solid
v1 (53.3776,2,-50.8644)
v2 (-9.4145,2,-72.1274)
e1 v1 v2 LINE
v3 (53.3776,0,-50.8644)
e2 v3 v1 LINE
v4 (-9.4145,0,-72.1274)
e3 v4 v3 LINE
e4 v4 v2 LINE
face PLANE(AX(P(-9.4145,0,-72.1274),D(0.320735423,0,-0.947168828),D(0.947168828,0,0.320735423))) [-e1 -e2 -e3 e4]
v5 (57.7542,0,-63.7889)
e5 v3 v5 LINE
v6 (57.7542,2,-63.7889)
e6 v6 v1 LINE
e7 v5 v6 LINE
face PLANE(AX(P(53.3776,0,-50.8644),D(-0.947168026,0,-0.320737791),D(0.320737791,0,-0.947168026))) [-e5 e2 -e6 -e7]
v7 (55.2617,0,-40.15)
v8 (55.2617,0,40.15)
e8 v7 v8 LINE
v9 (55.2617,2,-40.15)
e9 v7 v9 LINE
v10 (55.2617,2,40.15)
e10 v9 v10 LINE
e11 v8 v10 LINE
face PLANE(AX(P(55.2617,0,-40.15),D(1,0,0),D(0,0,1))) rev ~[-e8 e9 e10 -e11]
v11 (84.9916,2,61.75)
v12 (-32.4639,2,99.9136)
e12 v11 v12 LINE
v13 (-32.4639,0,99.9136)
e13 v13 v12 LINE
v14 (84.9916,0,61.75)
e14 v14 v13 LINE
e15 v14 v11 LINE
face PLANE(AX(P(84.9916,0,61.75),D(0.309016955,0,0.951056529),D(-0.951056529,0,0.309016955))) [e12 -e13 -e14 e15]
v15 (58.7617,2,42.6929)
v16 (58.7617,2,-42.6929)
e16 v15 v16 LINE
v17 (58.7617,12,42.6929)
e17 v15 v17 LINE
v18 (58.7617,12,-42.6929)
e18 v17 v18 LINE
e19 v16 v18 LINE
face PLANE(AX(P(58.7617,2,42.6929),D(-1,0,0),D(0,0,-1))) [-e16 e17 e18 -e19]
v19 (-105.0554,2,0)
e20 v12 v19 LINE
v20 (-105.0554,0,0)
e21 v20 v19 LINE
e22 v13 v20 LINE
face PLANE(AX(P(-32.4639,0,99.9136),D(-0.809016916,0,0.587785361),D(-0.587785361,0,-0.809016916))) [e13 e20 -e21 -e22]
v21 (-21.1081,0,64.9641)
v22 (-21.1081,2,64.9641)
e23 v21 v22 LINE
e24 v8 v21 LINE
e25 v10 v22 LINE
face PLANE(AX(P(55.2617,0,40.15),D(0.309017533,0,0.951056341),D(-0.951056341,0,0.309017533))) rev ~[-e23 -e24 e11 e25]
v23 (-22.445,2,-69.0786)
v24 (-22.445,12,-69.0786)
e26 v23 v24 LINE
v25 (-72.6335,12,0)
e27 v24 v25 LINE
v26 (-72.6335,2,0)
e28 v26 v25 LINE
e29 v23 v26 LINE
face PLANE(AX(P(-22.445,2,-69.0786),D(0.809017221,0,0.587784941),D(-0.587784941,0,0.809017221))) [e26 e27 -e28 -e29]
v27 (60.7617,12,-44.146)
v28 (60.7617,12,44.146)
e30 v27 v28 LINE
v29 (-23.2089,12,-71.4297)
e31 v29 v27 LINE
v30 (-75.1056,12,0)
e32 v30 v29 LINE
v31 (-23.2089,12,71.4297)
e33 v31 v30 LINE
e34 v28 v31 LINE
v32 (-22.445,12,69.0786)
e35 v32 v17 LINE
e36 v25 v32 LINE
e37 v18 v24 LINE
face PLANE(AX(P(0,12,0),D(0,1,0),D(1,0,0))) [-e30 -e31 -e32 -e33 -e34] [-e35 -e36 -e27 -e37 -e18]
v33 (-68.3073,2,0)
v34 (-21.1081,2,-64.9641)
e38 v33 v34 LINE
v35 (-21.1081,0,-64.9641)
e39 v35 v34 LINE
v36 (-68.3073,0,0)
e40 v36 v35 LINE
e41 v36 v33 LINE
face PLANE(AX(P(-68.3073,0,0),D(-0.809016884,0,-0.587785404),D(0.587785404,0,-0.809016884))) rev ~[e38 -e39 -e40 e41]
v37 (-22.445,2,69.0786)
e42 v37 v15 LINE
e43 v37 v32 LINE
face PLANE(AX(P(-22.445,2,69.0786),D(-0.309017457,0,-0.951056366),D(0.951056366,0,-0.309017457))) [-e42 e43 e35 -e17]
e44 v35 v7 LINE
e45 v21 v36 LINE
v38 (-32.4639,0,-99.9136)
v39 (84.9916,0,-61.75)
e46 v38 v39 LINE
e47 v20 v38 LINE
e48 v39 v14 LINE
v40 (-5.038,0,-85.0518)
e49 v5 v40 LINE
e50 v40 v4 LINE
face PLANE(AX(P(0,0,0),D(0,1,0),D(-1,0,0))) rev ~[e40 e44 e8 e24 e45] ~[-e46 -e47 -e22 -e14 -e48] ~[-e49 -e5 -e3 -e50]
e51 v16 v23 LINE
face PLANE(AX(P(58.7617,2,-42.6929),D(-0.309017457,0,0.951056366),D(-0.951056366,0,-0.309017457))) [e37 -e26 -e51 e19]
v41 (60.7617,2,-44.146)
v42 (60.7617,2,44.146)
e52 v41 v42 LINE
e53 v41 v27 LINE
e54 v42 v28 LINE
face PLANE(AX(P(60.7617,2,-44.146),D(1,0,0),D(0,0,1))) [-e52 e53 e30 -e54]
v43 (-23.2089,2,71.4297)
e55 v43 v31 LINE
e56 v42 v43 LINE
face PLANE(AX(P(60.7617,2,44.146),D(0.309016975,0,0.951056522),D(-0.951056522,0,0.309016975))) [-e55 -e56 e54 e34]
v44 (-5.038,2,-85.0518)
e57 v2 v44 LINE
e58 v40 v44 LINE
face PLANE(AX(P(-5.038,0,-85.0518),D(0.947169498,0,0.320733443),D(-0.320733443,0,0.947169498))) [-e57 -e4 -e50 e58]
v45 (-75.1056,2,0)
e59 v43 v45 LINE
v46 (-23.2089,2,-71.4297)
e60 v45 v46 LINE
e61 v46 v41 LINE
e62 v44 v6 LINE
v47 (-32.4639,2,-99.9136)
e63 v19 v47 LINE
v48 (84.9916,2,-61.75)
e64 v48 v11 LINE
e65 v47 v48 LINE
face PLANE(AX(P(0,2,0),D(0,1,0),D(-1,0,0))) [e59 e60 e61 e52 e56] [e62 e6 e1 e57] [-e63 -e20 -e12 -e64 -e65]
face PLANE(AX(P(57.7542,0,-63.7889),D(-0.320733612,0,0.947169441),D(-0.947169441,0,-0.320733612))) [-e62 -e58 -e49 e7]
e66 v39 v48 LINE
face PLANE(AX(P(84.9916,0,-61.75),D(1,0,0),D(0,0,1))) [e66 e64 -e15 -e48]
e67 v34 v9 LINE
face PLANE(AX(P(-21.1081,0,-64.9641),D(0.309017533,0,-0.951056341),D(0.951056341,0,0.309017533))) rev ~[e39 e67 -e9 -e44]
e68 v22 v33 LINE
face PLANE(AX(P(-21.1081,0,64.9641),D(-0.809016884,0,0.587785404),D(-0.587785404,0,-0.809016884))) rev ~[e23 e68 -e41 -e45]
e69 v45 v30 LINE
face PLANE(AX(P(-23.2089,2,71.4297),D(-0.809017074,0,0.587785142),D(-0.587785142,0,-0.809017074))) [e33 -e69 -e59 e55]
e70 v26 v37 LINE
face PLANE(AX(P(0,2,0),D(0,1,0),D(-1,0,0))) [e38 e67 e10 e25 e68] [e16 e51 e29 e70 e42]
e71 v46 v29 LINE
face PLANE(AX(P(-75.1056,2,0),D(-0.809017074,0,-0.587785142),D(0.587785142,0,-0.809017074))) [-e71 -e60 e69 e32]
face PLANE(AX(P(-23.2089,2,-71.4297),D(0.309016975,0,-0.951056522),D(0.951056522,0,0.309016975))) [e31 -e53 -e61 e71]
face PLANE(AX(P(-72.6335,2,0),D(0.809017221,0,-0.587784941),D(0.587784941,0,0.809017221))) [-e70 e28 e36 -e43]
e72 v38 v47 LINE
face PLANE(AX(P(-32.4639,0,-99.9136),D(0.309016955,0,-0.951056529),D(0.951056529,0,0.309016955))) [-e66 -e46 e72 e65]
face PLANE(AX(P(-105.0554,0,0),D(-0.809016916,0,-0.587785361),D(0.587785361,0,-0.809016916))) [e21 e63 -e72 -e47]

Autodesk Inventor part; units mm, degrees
ref_plane "YZ Plane" through (0, 0, 0) normal (1, 0, 0) x (0, 1, 0)
ref_plane "XZ Plane" through (0, 0, 0) normal (0, 1, 0) x (-1, 0, 0)
ref_plane "XY Plane" through (0, 0, 0) normal (0, 0, 1) x (1, 0, 0)
sketch "草图1" plane through (0, 0, 0) normal (0, 1, 0) x (-1, 0, 0)
  line L0 (68.3073, 0) -> (21.1081, -64.9641)
  line L1 (21.1081, -64.9641) -> (-55.2617, -40.15)
  line L2 (-55.2617, -40.15) -> (-55.2617, 40.15)
  line L3 (-55.2617, 40.15) -> (21.1081, 64.9641)
  line L4 (21.1081, 64.9641) -> (68.3073, 0)
  line L5 (105.0554, 0) -> (32.4639, -99.9136)
  line L6 (32.4639, -99.9136) -> (-84.9916, -61.75)
  line L7 (-84.9916, -61.75) -> (-84.9916, 61.75)
  line L8 (-84.9916, 61.75) -> (32.4639, 99.9136)
  line L9 (32.4639, 99.9136) -> (105.0554, 0)
  point P0 (0, 0)
  point P1 (0, 0)
  point P2 (0, 0)
  dimension "d0" = 80.3
  dimension "d1" = 123.5
extrude "拉伸1" add sketch "草图1" along normal blind 2
sketch "草图2" plane through (0, 2, 0) normal (0, 1, 0) x (1, 0, 0)
  line L0 (-21.1081, 64.9641) -> (55.2617, 40.15) projected
  line L1 (55.2617, 40.15) -> (55.2617, -40.15) projected
  line L2 (55.2617, -40.15) -> (-21.1081, -64.9641) projected
  line L3 (-21.1081, -64.9641) -> (-68.3073, 0) projected
  line L4 (-68.3073, 0) -> (-21.1081, 64.9641) projected
  line L5 (-32.4639, 99.9136) -> (-105.0554, 0) projected
  line L6 (-105.0554, 0) -> (-32.4639, -99.9136) projected
  line L7 (-32.4639, -99.9136) -> (84.9916, -61.75) projected
  line L8 (84.9916, -61.75) -> (84.9916, 61.75) projected
  line L9 (84.9916, 61.75) -> (-32.4639, 99.9136) projected
  line L10 (58.7617, 42.6929) -> (-22.445, 69.0786)
  line L11 (-22.445, 69.0786) -> (-72.6335, 0)
  line L12 (-72.6335, 0) -> (-22.445, -69.0786)
  line L13 (-22.445, -69.0786) -> (58.7617, -42.6929)
  line L14 (58.7617, -42.6929) -> (58.7617, 42.6929)
  line L15 (-23.2089, 71.4297) -> (60.7617, 44.146)
  line L16 (60.7617, 44.146) -> (60.7617, -44.146)
  line L17 (60.7617, -44.146) -> (-23.2089, -71.4297)
  line L18 (-23.2089, -71.4297) -> (-75.1056, 0)
  line L19 (-75.1056, 0) -> (-23.2089, 71.4297)
  point P0 (0, 0)
  dimension "d4" = 3.5
  dimension "d5" = 2
extrude "拉伸2" add sketch "草图2" along normal blind 10 contours L15 L16 L17 L18 L19
sketch "草图3" plane through (0, 0, 0) normal (0, -1, 0) x (1, 0, 0)
  line L0 (-9.4145, -72.1274) -> (53.3776, -50.8644)
  line L1 (53.3776, -50.8644) -> (57.7542, -63.7889)
  line L2 (57.7542, -63.7889) -> (-5.038, -85.0518)
  line L3 (-5.038, -85.0518) -> (-9.4145, -72.1274)
  point P0 (0, 0)
extrude "拉伸3" cut sketch "草图3" against normal blind 10
properties part number "上部端盖" material "ABS 塑料"
